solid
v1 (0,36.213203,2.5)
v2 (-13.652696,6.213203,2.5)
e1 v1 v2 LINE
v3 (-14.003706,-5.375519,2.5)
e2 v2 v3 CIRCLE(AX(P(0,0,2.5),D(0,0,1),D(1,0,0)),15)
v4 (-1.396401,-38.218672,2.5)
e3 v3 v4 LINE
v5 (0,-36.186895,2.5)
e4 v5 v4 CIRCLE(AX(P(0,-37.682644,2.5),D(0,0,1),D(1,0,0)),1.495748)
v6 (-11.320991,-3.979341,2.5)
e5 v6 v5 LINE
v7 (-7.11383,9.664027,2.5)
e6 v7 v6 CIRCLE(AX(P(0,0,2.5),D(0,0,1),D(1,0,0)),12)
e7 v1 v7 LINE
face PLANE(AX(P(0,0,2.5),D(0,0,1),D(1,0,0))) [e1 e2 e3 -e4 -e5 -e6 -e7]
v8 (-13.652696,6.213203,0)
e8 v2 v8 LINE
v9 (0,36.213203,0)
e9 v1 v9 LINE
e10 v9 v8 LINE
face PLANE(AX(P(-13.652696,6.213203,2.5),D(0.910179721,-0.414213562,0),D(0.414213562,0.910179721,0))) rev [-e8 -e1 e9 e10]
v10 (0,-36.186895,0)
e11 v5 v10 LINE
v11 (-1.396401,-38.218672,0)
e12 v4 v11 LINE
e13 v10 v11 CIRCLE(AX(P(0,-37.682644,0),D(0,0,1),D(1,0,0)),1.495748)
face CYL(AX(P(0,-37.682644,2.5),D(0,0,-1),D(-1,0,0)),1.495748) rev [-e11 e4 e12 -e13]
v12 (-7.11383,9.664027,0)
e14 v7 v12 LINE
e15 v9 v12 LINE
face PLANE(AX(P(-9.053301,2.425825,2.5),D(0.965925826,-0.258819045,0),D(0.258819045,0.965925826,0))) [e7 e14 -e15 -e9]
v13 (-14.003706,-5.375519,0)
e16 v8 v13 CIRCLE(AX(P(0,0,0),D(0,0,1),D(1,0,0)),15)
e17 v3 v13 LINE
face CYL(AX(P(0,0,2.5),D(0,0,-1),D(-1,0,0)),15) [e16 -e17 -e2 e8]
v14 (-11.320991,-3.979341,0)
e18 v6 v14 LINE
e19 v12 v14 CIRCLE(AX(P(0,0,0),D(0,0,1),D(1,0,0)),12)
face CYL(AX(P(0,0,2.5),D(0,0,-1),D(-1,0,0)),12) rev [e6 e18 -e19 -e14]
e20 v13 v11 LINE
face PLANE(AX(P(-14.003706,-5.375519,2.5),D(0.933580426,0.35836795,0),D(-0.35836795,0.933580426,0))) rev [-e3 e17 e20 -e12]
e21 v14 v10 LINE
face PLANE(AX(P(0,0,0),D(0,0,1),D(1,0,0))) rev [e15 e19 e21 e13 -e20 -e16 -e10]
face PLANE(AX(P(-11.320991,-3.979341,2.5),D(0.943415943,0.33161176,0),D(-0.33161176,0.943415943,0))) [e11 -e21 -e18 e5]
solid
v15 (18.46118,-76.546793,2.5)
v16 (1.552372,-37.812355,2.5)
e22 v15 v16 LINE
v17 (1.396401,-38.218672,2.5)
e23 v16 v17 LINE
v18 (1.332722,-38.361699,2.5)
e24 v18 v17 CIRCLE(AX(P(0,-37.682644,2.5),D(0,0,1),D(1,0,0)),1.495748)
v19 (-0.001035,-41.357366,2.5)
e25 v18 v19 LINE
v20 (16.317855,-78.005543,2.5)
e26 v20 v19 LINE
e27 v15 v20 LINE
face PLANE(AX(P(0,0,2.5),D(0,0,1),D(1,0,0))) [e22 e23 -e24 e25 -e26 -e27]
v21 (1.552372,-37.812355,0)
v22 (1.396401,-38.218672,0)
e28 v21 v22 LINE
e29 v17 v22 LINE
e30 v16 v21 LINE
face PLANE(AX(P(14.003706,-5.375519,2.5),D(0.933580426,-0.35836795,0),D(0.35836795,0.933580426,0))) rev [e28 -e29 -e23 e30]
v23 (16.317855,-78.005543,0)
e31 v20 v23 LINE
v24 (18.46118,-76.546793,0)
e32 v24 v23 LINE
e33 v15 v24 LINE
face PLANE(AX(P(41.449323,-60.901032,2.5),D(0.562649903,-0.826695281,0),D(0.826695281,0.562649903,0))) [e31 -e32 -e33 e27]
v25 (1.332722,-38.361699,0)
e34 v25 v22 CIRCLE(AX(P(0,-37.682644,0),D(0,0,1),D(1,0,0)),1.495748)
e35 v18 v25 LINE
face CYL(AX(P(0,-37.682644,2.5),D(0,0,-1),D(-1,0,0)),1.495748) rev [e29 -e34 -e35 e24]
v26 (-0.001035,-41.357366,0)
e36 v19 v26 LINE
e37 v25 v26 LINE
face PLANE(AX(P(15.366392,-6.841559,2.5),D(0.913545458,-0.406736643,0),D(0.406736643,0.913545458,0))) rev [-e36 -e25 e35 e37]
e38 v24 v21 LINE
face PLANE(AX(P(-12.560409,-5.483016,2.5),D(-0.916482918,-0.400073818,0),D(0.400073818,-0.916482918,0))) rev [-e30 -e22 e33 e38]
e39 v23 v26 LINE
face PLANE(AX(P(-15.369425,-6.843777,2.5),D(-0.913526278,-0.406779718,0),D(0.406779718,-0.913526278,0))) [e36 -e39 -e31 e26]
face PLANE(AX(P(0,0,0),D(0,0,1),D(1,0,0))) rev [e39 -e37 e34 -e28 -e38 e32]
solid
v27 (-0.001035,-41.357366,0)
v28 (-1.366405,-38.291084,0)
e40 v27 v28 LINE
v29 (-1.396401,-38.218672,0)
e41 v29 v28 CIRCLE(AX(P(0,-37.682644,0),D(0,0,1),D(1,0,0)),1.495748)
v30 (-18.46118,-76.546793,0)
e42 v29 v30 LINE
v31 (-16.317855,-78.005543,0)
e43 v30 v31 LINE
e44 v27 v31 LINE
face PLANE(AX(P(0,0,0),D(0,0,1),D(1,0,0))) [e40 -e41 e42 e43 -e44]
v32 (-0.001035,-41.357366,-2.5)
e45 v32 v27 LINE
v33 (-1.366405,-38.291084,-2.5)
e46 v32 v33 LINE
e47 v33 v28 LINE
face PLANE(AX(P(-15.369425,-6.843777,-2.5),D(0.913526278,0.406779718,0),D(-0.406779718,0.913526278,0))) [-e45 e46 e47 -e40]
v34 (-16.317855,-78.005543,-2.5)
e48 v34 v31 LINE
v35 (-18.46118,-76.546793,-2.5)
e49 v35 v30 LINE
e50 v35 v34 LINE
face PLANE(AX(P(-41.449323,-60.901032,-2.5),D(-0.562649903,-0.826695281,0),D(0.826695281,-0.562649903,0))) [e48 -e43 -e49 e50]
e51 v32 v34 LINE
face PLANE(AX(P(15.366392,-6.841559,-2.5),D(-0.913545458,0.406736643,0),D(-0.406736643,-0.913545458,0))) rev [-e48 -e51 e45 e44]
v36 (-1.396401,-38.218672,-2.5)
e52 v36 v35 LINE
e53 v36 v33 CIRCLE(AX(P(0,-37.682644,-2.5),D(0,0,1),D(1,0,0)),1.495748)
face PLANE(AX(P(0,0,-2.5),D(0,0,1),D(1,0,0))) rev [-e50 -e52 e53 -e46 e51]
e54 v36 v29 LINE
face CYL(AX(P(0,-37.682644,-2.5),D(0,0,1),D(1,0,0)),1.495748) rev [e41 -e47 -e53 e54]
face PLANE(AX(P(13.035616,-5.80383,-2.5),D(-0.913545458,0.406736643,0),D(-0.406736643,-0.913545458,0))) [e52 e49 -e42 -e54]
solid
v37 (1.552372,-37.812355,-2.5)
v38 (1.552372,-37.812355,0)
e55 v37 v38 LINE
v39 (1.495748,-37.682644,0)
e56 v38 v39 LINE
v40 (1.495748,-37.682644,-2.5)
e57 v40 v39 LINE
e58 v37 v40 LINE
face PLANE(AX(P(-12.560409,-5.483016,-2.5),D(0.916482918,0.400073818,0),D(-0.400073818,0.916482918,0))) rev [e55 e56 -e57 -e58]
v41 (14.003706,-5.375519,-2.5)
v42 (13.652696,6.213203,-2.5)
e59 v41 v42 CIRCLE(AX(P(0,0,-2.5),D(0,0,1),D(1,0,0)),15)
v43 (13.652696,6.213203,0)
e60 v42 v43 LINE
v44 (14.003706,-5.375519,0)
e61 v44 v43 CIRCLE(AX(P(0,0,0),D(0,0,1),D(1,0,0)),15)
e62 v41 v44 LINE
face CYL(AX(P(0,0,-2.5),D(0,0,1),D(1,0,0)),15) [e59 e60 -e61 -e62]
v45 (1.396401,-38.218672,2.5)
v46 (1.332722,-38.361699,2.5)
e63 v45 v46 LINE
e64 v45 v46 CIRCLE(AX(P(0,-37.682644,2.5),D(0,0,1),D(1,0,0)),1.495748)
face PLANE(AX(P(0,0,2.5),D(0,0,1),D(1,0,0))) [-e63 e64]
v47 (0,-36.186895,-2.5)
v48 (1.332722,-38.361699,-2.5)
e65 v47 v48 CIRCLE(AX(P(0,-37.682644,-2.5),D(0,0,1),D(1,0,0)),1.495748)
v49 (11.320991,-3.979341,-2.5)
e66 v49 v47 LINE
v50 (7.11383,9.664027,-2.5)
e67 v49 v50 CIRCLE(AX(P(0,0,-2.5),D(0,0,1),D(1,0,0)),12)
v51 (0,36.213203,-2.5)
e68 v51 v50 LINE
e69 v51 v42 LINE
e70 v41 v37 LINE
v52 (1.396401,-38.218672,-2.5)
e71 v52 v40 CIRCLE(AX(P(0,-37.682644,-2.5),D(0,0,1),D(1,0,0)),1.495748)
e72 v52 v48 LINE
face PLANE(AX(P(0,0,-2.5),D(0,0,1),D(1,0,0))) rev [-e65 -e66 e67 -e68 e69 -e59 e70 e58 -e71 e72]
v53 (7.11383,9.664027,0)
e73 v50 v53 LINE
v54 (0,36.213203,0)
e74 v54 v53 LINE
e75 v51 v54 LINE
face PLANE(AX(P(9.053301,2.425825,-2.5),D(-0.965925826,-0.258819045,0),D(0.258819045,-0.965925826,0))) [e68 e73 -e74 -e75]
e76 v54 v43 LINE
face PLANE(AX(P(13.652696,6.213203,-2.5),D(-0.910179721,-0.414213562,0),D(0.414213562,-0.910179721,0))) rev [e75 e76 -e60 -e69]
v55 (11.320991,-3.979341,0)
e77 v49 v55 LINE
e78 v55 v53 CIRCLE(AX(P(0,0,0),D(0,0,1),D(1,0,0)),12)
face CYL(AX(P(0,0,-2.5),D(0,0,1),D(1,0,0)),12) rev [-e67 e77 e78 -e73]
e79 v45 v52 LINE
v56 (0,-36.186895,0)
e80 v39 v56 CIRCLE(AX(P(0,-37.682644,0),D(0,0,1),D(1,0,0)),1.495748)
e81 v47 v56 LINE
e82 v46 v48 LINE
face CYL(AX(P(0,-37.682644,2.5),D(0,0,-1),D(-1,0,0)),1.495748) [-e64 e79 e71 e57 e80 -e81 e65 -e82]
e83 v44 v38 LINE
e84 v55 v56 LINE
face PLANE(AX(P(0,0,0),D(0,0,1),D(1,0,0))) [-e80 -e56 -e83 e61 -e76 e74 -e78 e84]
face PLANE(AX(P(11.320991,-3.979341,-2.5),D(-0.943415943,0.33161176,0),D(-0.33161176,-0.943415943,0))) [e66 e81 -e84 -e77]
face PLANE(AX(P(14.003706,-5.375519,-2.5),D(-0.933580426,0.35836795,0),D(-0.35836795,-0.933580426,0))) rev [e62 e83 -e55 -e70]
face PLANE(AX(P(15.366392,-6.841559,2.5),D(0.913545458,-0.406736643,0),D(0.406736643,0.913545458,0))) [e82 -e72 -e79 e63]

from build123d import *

# Parameters (mm, degrees)
BOSS_EXTRUDE30_DEPTH = 2.5
BOSS_EXTRUDE31_DEPTH = 2.5
BOSS_EXTRUDE34_DEPTH = 2.5
BOSS_EXTRUDE39_DEPTH = 2.5
BOSS_EXTRUDE40_DEPTH = 2.5


with BuildPart() as part:
    # Sketch1 → Boss-Extrude30 (new, symmetric)
    with BuildSketch(Plane.XY):
        with BuildLine():
            ThreePointArc((1.495748311, -37.682643513), (1.057653773, -36.62498974), (0, -36.186895202))
            ThreePointArc((0, -36.186895202), (-1.232685354, -36.835442341), (-1.396401346, -38.218671768))
            ThreePointArc((-1.396401346, -38.218671768), (-1.381877755, -38.25507419), (-1.366405387, -38.291083589))
            ThreePointArc((-1.366405387, -38.291083589), (-0.039118875, -39.177880191), (1.332721503, -38.361699036))
            Line((1.332721503, -38.361699036), (1.396401346, -38.218671768))
            ThreePointArc((1.396401346, -38.218671768), (1.470701867, -37.955221993), (1.495748311, -37.682643513))
        make_face()
    extrude(amount=BOSS_EXTRUDE30_DEPTH, both=True)

    # Sketch1<9> → Boss-Extrude31 (add)
    with BuildSketch(Plane.XY):
        with BuildLine():
            Line((13.652695817, 6.213203436), (0, 36.213203436))
            Line((0, 36.213203436), (7.113830396, 9.664026961))
            ThreePointArc((7.113830396, 9.664026961), (11.4671721, 3.536094459), (11.320991311, -3.979341118))
            Line((11.320991311, -3.979341118), (0, -36.186895202))
            ThreePointArc((0, -36.186895202), (1.057653773, -36.62498974), (1.495748311, -37.682643513))
            Line((1.495748311, -37.682643513), (1.55237162, -37.812355314))
            Line((1.55237162, -37.812355314), (14.003706397, -5.375519243))
            ThreePointArc((14.003706397, -5.375519243), (14.993124064, 0.454126423), (13.652695817, 6.213203436))
        make_face()
    extrude(amount=-BOSS_EXTRUDE31_DEPTH)


with BuildPart() as body_2:
    # Sketch1<11> → Boss-Extrude34 (new body)
    with BuildSketch(Plane.XY):
        with BuildLine():
            Line((-7.113830396, 9.664026961), (0, 36.213203436))
            Line((0, 36.213203436), (-13.652695817, 6.213203436))
            ThreePointArc((-13.652695817, 6.213203436), (-14.993124064, 0.454126423), (-14.003706397, -5.375519243))
            Line((-14.003706397, -5.375519243), (-1.396401346, -38.218671768))
            ThreePointArc((-1.396401346, -38.218671768), (-1.232685354, -36.835442341), (0, -36.186895202))
            Line((0, -36.186895202), (-11.320991311, -3.979341118))
            ThreePointArc((-11.320991311, -3.979341118), (-11.4671721, 3.536094459), (-7.113830396, 9.664026961))
        make_face()
    extrude(amount=BOSS_EXTRUDE34_DEPTH)


with BuildPart() as body_3:
    # Sketch1<15> → Boss-Extrude39 (new body)
    with BuildSketch(Plane.XY):
        with BuildLine():
            Line((18.461180216, -76.546792649), (1.55237162, -37.812355314))
            Line((1.55237162, -37.812355314), (1.396401346, -38.218671768))
            ThreePointArc((1.396401346, -38.218671768), (1.366434075, -38.29101916), (1.332721503, -38.361699036))
            Line((1.332721503, -38.361699036), (-0.001035308, -41.357365883))
            Line((-0.001035308, -41.357365883), (16.317854893, -78.005542703))
            Line((16.317854893, -78.005542703), (18.461180216, -76.546792649))
        make_face()
    extrude(amount=BOSS_EXTRUDE39_DEPTH)


with BuildPart() as body_4:
    # Sketch1<16> → Boss-Extrude40 (new body)
    with BuildSketch(Plane.XY):
        with BuildLine():
            ThreePointArc((-1.366405387, -38.291083589), (-1.381877755, -38.25507419), (-1.396401346, -38.218671768))
            Line((-1.396401346, -38.218671768), (-18.461180216, -76.546792649))
            Line((-18.461180216, -76.546792649), (-16.317854893, -78.005542703))
            Line((-16.317854893, -78.005542703), (-0.001035308, -41.357365883))
            Line((-0.001035308, -41.357365883), (-1.366405387, -38.291083589))
        make_face()
    extrude(amount=-BOSS_EXTRUDE40_DEPTH)


solid = Compound([part.part, body_2.part, body_3.part, body_4.part])
